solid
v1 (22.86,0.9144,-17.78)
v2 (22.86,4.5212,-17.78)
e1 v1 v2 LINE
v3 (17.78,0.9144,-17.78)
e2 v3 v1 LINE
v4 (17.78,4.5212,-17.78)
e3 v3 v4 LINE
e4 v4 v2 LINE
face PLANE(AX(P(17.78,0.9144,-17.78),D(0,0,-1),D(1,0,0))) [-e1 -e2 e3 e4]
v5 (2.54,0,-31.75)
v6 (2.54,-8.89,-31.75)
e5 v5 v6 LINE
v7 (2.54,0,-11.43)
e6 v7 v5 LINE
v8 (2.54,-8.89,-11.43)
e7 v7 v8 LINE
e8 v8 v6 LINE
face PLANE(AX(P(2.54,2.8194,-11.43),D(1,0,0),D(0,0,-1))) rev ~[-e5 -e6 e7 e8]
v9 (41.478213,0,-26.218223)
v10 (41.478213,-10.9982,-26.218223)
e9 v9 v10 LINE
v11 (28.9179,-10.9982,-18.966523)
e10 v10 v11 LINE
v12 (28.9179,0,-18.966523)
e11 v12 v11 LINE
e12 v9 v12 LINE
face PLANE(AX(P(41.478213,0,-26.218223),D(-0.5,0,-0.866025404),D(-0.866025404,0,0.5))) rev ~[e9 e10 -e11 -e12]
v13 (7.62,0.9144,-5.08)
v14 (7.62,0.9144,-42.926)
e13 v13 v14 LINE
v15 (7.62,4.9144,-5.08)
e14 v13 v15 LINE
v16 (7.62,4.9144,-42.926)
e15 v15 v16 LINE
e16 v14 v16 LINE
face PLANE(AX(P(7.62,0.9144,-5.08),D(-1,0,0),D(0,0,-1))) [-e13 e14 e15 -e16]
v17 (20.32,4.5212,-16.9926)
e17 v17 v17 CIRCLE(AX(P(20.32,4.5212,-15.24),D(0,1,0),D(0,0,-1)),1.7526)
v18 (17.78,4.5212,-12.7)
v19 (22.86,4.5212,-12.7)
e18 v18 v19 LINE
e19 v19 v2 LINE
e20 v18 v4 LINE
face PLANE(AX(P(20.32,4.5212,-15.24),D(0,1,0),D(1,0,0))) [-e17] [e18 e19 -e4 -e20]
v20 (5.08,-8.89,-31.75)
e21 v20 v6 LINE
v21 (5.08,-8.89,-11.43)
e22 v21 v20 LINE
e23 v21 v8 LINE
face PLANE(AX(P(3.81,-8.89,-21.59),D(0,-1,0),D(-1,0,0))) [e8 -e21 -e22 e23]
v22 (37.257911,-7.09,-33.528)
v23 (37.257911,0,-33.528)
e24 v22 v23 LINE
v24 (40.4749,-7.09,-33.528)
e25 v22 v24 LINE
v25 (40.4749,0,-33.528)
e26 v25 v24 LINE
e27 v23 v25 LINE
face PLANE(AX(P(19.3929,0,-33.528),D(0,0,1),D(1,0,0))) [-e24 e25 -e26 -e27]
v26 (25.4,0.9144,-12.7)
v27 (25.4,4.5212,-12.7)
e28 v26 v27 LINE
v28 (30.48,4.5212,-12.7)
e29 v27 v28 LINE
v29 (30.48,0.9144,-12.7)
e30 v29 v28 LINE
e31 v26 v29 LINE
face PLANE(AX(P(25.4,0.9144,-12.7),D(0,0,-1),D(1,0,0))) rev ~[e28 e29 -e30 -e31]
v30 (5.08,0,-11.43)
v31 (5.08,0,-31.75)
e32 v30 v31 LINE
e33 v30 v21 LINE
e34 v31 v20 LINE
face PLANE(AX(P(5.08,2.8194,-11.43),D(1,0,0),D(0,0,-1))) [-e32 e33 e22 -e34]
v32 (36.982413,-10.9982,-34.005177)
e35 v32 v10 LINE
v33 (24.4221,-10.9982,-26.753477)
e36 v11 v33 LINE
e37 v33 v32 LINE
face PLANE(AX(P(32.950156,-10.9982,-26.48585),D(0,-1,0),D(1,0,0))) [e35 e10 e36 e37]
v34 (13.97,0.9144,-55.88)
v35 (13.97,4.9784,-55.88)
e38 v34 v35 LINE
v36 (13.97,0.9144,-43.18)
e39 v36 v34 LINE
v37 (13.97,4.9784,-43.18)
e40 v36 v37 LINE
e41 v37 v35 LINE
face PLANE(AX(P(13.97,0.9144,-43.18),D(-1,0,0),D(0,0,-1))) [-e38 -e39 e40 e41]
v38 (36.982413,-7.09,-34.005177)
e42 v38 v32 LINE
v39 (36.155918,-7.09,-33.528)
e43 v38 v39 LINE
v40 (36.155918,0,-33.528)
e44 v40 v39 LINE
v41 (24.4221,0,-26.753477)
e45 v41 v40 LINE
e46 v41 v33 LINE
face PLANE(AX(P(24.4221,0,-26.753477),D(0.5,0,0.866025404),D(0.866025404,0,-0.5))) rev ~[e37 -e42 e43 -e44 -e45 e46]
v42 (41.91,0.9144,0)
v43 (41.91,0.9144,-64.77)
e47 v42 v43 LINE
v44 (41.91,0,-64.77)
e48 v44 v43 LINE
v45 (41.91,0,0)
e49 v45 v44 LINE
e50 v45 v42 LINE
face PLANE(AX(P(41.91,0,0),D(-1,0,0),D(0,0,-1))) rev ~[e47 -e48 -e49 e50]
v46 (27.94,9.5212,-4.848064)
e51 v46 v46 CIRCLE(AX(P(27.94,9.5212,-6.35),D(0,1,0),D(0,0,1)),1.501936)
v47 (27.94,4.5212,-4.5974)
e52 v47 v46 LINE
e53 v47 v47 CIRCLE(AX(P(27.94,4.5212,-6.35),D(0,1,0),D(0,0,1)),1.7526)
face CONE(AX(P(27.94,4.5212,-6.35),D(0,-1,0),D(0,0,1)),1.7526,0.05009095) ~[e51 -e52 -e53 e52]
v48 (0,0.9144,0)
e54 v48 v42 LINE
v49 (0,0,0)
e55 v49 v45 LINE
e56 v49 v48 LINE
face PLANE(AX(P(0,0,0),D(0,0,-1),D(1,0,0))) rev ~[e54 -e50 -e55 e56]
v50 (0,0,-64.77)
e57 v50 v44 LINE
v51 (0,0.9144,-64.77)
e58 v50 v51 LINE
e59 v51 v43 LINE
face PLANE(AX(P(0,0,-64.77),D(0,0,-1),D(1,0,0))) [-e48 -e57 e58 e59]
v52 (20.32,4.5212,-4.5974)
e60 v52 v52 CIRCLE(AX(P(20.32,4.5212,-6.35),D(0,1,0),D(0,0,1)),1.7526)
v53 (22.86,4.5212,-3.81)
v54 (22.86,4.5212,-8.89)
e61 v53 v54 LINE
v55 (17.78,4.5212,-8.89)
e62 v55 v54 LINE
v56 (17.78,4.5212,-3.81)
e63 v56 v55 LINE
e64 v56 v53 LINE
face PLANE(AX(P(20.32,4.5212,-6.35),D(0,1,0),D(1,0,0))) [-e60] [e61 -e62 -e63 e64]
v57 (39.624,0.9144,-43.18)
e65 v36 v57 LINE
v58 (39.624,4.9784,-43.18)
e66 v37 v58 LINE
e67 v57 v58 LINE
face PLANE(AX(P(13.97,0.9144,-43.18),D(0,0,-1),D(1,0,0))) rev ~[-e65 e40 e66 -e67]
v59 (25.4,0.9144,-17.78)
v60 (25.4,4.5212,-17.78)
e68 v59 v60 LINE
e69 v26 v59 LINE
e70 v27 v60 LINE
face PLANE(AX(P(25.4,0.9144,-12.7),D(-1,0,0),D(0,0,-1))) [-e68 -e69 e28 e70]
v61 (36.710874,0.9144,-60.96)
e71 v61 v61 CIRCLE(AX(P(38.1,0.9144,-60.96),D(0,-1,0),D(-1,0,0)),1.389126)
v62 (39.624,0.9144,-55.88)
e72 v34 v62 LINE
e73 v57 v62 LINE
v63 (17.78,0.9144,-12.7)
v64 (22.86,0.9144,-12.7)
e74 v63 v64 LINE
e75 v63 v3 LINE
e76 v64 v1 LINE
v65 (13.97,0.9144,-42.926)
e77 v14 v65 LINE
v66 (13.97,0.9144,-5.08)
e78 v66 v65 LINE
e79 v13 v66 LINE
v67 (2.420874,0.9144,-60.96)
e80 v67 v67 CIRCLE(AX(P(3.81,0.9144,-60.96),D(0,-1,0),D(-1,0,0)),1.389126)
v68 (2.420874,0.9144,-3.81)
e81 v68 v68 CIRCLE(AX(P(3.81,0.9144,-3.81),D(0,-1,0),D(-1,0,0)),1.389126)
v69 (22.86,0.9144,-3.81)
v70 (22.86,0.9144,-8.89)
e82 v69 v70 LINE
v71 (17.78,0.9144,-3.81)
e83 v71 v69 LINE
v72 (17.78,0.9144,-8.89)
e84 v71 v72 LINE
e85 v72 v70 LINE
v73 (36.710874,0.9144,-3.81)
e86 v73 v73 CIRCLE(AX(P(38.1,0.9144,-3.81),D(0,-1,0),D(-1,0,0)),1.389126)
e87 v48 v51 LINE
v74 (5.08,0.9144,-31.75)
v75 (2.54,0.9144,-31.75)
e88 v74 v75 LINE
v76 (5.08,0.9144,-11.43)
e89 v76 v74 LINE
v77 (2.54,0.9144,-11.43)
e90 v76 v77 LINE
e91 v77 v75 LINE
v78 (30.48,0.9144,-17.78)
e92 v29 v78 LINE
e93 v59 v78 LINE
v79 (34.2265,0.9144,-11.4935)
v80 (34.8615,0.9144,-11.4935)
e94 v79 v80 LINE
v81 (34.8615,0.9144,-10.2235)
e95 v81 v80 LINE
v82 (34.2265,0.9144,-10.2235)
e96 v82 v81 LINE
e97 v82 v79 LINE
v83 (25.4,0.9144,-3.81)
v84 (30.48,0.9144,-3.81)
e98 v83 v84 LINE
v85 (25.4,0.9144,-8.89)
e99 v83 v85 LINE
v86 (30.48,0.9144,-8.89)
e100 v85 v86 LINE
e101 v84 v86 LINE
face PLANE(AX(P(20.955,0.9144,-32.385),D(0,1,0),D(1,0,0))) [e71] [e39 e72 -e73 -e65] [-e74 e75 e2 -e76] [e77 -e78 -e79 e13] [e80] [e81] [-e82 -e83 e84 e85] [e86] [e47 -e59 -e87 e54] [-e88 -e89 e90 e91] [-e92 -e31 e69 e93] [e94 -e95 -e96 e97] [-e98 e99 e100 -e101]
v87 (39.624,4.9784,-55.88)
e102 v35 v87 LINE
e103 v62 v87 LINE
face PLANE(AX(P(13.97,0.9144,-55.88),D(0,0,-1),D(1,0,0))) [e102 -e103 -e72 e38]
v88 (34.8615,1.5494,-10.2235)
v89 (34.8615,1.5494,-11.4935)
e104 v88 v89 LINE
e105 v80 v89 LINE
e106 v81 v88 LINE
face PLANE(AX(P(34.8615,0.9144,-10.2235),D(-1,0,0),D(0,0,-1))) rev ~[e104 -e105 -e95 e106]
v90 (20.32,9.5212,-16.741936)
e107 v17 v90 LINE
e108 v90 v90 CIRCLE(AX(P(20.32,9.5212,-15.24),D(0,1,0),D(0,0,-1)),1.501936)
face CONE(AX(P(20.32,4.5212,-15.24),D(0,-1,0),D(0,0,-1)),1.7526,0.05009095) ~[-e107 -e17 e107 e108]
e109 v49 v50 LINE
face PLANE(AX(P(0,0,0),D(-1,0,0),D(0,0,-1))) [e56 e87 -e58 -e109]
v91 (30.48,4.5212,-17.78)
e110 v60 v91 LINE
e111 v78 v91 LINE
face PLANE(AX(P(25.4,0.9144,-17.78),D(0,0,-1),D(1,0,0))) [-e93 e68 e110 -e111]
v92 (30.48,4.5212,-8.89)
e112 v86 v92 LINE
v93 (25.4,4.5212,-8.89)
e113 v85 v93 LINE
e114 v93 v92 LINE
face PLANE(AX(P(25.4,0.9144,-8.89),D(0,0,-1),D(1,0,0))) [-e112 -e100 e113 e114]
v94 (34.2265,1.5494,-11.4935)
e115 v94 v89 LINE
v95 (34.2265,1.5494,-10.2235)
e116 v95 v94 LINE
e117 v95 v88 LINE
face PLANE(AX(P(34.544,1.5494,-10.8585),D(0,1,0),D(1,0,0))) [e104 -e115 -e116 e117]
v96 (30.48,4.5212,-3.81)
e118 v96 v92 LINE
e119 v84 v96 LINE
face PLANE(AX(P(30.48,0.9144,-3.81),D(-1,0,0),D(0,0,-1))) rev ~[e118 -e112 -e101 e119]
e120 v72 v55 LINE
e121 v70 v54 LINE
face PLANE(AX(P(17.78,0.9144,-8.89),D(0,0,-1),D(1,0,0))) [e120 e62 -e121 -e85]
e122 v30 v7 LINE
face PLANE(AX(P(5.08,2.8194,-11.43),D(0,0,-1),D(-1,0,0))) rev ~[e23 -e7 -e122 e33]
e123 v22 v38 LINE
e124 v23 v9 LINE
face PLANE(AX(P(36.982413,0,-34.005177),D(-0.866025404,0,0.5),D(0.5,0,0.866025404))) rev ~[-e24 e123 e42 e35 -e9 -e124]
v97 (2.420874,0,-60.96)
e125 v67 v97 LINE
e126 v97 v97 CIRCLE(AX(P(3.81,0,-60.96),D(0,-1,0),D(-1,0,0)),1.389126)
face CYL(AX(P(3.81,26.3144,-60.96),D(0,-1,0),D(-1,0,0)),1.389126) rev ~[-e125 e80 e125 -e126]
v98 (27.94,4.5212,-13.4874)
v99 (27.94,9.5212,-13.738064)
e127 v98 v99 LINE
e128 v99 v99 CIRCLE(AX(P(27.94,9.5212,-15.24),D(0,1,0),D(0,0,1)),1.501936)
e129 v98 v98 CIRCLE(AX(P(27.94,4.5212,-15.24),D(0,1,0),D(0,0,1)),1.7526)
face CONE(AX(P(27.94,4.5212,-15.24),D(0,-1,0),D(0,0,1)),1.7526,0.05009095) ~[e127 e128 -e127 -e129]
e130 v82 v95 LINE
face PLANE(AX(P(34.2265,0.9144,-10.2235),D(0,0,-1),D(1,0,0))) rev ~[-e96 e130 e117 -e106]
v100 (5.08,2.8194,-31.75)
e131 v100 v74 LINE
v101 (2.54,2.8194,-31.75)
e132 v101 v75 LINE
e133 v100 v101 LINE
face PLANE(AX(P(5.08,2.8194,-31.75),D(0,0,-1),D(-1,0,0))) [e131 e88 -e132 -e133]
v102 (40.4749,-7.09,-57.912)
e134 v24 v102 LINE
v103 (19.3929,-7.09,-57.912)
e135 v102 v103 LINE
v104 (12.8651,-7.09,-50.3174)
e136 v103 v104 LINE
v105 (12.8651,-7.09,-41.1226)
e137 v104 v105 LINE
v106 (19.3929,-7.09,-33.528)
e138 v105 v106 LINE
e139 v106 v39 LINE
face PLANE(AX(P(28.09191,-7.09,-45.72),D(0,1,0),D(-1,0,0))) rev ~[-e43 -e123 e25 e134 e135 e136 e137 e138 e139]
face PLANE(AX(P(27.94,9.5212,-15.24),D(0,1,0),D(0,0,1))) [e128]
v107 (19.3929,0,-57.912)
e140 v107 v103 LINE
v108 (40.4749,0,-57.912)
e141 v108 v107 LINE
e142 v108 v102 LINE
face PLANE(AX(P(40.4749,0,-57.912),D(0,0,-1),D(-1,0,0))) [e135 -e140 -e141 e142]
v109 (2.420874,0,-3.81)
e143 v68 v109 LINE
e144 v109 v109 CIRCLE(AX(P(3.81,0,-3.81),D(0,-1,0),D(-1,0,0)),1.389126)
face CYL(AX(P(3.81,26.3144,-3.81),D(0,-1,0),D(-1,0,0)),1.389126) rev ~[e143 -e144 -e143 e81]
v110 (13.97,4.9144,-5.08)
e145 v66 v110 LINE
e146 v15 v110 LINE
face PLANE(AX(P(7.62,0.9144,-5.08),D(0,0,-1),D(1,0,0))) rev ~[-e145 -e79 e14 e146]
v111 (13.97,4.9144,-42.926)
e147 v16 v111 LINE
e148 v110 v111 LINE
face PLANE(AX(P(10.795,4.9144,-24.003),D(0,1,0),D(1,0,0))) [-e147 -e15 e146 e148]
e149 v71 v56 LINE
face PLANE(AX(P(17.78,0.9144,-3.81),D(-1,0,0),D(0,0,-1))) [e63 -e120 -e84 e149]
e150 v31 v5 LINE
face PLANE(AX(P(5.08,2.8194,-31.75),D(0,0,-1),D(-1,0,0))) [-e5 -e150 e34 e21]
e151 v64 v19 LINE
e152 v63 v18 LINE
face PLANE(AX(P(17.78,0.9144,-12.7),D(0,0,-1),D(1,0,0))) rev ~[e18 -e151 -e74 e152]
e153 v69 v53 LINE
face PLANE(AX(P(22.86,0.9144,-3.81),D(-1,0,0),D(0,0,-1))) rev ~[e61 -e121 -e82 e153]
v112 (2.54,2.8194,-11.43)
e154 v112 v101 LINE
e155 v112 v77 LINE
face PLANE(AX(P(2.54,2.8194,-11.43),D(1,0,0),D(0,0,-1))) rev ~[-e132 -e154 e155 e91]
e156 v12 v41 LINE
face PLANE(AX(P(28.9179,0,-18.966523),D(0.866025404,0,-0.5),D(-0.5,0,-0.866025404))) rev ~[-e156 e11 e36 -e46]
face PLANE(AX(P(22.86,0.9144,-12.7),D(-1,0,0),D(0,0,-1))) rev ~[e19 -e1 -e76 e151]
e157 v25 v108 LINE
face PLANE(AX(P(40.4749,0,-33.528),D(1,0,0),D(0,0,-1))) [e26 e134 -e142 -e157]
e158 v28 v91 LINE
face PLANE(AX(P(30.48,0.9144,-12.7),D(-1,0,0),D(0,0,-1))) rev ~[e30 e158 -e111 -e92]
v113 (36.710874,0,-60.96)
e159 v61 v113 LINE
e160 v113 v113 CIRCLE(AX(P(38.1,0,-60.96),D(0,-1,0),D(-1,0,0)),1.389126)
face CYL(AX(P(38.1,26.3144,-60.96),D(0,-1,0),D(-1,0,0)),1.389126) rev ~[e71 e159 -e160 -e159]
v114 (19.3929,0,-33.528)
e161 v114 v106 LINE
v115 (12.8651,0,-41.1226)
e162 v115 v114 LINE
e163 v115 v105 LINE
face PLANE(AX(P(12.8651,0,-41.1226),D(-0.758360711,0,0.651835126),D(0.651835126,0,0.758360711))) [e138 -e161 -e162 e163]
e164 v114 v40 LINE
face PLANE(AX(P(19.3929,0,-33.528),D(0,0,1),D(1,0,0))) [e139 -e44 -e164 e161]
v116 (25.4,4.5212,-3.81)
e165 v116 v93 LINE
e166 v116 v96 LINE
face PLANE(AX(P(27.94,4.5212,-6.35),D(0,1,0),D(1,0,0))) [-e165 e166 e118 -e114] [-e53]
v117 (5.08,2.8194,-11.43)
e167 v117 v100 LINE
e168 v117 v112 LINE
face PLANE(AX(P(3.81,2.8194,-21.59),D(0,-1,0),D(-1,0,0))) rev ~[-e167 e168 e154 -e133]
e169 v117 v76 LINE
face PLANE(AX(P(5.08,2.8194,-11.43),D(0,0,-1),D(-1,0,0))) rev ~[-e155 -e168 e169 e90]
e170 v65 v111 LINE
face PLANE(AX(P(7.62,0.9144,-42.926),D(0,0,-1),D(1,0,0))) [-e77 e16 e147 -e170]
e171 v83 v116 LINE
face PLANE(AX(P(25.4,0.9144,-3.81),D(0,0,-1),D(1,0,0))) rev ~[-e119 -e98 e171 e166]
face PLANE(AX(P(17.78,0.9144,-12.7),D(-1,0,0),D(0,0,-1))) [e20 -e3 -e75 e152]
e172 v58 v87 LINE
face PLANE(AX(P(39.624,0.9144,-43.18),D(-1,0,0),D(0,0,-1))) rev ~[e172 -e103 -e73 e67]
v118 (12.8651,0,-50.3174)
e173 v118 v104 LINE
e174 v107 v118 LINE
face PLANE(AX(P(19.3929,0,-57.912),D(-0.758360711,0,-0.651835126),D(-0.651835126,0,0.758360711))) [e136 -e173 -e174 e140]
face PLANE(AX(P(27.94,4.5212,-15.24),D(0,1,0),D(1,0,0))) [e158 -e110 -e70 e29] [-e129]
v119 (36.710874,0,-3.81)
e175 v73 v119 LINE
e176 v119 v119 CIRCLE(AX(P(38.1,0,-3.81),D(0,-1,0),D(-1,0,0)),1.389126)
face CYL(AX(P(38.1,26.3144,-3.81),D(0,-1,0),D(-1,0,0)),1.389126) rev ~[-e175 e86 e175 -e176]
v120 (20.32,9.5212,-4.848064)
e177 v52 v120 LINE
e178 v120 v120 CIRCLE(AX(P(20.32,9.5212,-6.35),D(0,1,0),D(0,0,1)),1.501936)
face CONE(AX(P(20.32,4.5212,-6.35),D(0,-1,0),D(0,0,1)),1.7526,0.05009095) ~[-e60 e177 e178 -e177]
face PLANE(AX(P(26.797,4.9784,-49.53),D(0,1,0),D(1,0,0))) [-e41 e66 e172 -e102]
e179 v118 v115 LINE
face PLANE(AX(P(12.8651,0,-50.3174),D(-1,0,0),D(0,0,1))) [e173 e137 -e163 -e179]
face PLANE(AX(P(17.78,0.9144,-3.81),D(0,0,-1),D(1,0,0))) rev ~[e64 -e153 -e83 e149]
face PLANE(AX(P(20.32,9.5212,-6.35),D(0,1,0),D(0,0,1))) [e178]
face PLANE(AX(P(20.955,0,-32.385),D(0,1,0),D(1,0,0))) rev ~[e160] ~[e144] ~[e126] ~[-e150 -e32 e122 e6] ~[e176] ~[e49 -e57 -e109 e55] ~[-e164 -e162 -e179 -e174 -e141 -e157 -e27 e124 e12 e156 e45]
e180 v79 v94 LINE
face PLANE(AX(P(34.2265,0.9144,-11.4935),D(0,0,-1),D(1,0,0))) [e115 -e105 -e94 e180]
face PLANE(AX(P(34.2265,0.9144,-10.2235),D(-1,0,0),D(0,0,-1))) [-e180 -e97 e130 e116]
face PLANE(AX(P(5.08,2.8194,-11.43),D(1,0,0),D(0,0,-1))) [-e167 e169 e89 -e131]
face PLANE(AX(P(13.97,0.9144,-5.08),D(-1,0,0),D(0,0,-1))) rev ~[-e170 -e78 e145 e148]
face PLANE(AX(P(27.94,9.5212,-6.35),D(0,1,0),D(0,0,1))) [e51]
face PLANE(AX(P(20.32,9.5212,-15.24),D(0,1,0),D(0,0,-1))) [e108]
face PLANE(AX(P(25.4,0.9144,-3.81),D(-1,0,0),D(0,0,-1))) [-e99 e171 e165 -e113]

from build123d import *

# Parameters (mm, degrees)
SKETCH1_W                           = 41.91
SKETCH1_H                           = 64.77
BOARD_DEPTH                         = 0.9144
BUTTONBASE_W                        = 5.08
BUTTONBASE_H                        = 5.08
BUTTON_DEPTH                        = 3.6068
SKETCH4_W                           = 25.654
SKETCH4_H                           = 12.7
LIPO_DEPTH                          = 4.064
F_7_64_0_10938_DIAMETER_HOLE1_D     = 2.778252
F_7_64_0_10938_DIAMETER_HOLE1_DEPTH = 25.4
F_7_64_0_10938_DIAMETER_HOLE1_TIP   = 0.834671108
SKETCH8_W                           = 0.635
SKETCH8_H                           = 1.27
LED_DEPTH                           = 0.635
POWERJACK_DEPTH                     = 10.9982
XBEE_DEPTH                          = 7.09
SKETCH12_R                          = 1.7526
BUTTONPLUNGER_DEPTH                 = 5
PLUNGER_TAPER_ANGLE                 = 2.87
SKETCH13_W                          = 6.35
SKETCH13_H                          = 37.846
ATMEL_DEPTH                         = 4
HEADERS_DEPTH                       = 8.89
HEADERS_DEPTH_BACK                  = 2.8194
SKETCH15_W                          = 2.54
SKETCH15_H                          = 20.32


with BuildPart() as part:
    # Sketch1 → Board (new body)
    with BuildSketch(Plane(origin=(0, 0, 0), x_dir=(1, 0, 0), z_dir=(0, 1, 0))):
        with Locations((20.955, 32.385)):
            Rectangle(SKETCH1_W, SKETCH1_H)
    extrude(amount=BOARD_DEPTH)

    # ButtonBase → Button (add)
    with BuildSketch(Plane(origin=(0, 0.9144, 0), x_dir=(1, 0, 0), z_dir=(0, 1, 0))):
        with Locations((20.32, 15.24)):
            Rectangle(BUTTONBASE_W, BUTTONBASE_H)
        with Locations((27.94, 15.24)):
            Rectangle(BUTTONBASE_W, BUTTONBASE_H)
        with Locations((27.94, 6.35)):
            Rectangle(BUTTONBASE_W, BUTTONBASE_H)
        with Locations((20.32, 6.35)):
            Rectangle(BUTTONBASE_W, BUTTONBASE_H)
    extrude(amount=BUTTON_DEPTH)

    # Sketch4 → LiPo (add)
    with BuildSketch(Plane(origin=(0, 0.9144, 0), x_dir=(1, 0, 0), z_dir=(0, 1, 0))):
        with Locations((26.797, 49.53)):
            Rectangle(SKETCH4_W, SKETCH4_H)
    extrude(amount=LIPO_DEPTH)

    # 7/64 (0.10938) Diameter Hole1
    with Locations(Plane(origin=(0, 0.9144, 0), x_dir=(1, 0, 0), z_dir=(0, 1, 0))):
        with Locations((3.81, 60.96), (38.1, 60.96), (38.1, 3.81), (3.81, 3.81)):
            Hole(F_7_64_0_10938_DIAMETER_HOLE1_D / 2, depth=F_7_64_0_10938_DIAMETER_HOLE1_DEPTH)
            with Locations((0, 0, -(F_7_64_0_10938_DIAMETER_HOLE1_DEPTH + F_7_64_0_10938_DIAMETER_HOLE1_TIP / 2))):  # 118° drill point
                Cone(0, F_7_64_0_10938_DIAMETER_HOLE1_D / 2, F_7_64_0_10938_DIAMETER_HOLE1_TIP, mode=Mode.SUBTRACT)

    # Sketch8 → LED (add)
    with BuildSketch(Plane(origin=(0, 0.9144, 0), x_dir=(1, 0, 0), z_dir=(0, 1, 0))):
        with Locations((34.544, 10.8585)):
            Rectangle(SKETCH8_W, SKETCH8_H)
    extrude(amount=LED_DEPTH)

    # Sketch10 → PowerJack (add)
    with BuildSketch(Plane.XZ):
        Polygon((41.478212841, -26.21822299), (28.9179, -18.96652299), (24.4221, -26.75347701), (36.982412841, -34.00517701), align=None)
    extrude(amount=POWERJACK_DEPTH)

    # Sketch11 → XBee (add)
    with BuildSketch(Plane.XZ):
        Polygon((19.3929, -57.912), (12.8651, -50.3174), (12.8651, -41.1226), (19.3929, -33.528), (40.4749, -33.528), (40.4749, -57.912), align=None)
    extrude(amount=XBEE_DEPTH)

    # Sketch12 → ButtonPlunger (add)
    with BuildSketch(Plane(origin=(0, 4.5212, 0), x_dir=(1, 0, 0), z_dir=(0, 1, 0))):
        with Locations(Location((20.32, 15.24, 0), (0, 0, 90))):
            Circle(SKETCH12_R)
        with Locations(Location((27.94, 15.24, 0), (0, 0, 270))):
            Circle(SKETCH12_R)
        with Locations(Location((27.94, 6.35, 0), (0, 0, 270))):
            Circle(SKETCH12_R)
        with Locations(Location((20.32, 6.35, 0), (0, 0, 270))):
            Circle(SKETCH12_R)
    extrude(amount=BUTTONPLUNGER_DEPTH)

    # Plunger Taper
    plunger_taper_faces = [part.faces().sort_by_distance(p)[0] for p in [
        (27.94, 7.0212, -8.1026),
        (27.94, 7.0212, -16.9926),
        (20.32, 7.0212, -13.4874),
        (20.32, 7.0212, -8.1026),
    ]]
    draft(plunger_taper_faces, Plane.ZX.offset(4.5212), PLUNGER_TAPER_ANGLE)

    # Sketch13 → ATMEL (add)
    with BuildSketch(Plane(origin=(0, 0.9144, 0), x_dir=(1, 0, 0), z_dir=(0, 1, 0))):
        with Locations((10.795, 24.003)):
            Rectangle(SKETCH13_W, SKETCH13_H)
    extrude(amount=ATMEL_DEPTH)

    # Sketch15 → Headers (add, two sides: drawn at the far end of the back side and taken through both)
    with BuildSketch(Plane(origin=(0, 0, 0), x_dir=(-1, 0, 0), z_dir=(0, -1, 0)).offset(-HEADERS_DEPTH_BACK)):
        with Locations((-3.81, 21.59)):
            Rectangle(SKETCH15_W, SKETCH15_H)
    extrude(amount=HEADERS_DEPTH + HEADERS_DEPTH_BACK)


solid = part.part
